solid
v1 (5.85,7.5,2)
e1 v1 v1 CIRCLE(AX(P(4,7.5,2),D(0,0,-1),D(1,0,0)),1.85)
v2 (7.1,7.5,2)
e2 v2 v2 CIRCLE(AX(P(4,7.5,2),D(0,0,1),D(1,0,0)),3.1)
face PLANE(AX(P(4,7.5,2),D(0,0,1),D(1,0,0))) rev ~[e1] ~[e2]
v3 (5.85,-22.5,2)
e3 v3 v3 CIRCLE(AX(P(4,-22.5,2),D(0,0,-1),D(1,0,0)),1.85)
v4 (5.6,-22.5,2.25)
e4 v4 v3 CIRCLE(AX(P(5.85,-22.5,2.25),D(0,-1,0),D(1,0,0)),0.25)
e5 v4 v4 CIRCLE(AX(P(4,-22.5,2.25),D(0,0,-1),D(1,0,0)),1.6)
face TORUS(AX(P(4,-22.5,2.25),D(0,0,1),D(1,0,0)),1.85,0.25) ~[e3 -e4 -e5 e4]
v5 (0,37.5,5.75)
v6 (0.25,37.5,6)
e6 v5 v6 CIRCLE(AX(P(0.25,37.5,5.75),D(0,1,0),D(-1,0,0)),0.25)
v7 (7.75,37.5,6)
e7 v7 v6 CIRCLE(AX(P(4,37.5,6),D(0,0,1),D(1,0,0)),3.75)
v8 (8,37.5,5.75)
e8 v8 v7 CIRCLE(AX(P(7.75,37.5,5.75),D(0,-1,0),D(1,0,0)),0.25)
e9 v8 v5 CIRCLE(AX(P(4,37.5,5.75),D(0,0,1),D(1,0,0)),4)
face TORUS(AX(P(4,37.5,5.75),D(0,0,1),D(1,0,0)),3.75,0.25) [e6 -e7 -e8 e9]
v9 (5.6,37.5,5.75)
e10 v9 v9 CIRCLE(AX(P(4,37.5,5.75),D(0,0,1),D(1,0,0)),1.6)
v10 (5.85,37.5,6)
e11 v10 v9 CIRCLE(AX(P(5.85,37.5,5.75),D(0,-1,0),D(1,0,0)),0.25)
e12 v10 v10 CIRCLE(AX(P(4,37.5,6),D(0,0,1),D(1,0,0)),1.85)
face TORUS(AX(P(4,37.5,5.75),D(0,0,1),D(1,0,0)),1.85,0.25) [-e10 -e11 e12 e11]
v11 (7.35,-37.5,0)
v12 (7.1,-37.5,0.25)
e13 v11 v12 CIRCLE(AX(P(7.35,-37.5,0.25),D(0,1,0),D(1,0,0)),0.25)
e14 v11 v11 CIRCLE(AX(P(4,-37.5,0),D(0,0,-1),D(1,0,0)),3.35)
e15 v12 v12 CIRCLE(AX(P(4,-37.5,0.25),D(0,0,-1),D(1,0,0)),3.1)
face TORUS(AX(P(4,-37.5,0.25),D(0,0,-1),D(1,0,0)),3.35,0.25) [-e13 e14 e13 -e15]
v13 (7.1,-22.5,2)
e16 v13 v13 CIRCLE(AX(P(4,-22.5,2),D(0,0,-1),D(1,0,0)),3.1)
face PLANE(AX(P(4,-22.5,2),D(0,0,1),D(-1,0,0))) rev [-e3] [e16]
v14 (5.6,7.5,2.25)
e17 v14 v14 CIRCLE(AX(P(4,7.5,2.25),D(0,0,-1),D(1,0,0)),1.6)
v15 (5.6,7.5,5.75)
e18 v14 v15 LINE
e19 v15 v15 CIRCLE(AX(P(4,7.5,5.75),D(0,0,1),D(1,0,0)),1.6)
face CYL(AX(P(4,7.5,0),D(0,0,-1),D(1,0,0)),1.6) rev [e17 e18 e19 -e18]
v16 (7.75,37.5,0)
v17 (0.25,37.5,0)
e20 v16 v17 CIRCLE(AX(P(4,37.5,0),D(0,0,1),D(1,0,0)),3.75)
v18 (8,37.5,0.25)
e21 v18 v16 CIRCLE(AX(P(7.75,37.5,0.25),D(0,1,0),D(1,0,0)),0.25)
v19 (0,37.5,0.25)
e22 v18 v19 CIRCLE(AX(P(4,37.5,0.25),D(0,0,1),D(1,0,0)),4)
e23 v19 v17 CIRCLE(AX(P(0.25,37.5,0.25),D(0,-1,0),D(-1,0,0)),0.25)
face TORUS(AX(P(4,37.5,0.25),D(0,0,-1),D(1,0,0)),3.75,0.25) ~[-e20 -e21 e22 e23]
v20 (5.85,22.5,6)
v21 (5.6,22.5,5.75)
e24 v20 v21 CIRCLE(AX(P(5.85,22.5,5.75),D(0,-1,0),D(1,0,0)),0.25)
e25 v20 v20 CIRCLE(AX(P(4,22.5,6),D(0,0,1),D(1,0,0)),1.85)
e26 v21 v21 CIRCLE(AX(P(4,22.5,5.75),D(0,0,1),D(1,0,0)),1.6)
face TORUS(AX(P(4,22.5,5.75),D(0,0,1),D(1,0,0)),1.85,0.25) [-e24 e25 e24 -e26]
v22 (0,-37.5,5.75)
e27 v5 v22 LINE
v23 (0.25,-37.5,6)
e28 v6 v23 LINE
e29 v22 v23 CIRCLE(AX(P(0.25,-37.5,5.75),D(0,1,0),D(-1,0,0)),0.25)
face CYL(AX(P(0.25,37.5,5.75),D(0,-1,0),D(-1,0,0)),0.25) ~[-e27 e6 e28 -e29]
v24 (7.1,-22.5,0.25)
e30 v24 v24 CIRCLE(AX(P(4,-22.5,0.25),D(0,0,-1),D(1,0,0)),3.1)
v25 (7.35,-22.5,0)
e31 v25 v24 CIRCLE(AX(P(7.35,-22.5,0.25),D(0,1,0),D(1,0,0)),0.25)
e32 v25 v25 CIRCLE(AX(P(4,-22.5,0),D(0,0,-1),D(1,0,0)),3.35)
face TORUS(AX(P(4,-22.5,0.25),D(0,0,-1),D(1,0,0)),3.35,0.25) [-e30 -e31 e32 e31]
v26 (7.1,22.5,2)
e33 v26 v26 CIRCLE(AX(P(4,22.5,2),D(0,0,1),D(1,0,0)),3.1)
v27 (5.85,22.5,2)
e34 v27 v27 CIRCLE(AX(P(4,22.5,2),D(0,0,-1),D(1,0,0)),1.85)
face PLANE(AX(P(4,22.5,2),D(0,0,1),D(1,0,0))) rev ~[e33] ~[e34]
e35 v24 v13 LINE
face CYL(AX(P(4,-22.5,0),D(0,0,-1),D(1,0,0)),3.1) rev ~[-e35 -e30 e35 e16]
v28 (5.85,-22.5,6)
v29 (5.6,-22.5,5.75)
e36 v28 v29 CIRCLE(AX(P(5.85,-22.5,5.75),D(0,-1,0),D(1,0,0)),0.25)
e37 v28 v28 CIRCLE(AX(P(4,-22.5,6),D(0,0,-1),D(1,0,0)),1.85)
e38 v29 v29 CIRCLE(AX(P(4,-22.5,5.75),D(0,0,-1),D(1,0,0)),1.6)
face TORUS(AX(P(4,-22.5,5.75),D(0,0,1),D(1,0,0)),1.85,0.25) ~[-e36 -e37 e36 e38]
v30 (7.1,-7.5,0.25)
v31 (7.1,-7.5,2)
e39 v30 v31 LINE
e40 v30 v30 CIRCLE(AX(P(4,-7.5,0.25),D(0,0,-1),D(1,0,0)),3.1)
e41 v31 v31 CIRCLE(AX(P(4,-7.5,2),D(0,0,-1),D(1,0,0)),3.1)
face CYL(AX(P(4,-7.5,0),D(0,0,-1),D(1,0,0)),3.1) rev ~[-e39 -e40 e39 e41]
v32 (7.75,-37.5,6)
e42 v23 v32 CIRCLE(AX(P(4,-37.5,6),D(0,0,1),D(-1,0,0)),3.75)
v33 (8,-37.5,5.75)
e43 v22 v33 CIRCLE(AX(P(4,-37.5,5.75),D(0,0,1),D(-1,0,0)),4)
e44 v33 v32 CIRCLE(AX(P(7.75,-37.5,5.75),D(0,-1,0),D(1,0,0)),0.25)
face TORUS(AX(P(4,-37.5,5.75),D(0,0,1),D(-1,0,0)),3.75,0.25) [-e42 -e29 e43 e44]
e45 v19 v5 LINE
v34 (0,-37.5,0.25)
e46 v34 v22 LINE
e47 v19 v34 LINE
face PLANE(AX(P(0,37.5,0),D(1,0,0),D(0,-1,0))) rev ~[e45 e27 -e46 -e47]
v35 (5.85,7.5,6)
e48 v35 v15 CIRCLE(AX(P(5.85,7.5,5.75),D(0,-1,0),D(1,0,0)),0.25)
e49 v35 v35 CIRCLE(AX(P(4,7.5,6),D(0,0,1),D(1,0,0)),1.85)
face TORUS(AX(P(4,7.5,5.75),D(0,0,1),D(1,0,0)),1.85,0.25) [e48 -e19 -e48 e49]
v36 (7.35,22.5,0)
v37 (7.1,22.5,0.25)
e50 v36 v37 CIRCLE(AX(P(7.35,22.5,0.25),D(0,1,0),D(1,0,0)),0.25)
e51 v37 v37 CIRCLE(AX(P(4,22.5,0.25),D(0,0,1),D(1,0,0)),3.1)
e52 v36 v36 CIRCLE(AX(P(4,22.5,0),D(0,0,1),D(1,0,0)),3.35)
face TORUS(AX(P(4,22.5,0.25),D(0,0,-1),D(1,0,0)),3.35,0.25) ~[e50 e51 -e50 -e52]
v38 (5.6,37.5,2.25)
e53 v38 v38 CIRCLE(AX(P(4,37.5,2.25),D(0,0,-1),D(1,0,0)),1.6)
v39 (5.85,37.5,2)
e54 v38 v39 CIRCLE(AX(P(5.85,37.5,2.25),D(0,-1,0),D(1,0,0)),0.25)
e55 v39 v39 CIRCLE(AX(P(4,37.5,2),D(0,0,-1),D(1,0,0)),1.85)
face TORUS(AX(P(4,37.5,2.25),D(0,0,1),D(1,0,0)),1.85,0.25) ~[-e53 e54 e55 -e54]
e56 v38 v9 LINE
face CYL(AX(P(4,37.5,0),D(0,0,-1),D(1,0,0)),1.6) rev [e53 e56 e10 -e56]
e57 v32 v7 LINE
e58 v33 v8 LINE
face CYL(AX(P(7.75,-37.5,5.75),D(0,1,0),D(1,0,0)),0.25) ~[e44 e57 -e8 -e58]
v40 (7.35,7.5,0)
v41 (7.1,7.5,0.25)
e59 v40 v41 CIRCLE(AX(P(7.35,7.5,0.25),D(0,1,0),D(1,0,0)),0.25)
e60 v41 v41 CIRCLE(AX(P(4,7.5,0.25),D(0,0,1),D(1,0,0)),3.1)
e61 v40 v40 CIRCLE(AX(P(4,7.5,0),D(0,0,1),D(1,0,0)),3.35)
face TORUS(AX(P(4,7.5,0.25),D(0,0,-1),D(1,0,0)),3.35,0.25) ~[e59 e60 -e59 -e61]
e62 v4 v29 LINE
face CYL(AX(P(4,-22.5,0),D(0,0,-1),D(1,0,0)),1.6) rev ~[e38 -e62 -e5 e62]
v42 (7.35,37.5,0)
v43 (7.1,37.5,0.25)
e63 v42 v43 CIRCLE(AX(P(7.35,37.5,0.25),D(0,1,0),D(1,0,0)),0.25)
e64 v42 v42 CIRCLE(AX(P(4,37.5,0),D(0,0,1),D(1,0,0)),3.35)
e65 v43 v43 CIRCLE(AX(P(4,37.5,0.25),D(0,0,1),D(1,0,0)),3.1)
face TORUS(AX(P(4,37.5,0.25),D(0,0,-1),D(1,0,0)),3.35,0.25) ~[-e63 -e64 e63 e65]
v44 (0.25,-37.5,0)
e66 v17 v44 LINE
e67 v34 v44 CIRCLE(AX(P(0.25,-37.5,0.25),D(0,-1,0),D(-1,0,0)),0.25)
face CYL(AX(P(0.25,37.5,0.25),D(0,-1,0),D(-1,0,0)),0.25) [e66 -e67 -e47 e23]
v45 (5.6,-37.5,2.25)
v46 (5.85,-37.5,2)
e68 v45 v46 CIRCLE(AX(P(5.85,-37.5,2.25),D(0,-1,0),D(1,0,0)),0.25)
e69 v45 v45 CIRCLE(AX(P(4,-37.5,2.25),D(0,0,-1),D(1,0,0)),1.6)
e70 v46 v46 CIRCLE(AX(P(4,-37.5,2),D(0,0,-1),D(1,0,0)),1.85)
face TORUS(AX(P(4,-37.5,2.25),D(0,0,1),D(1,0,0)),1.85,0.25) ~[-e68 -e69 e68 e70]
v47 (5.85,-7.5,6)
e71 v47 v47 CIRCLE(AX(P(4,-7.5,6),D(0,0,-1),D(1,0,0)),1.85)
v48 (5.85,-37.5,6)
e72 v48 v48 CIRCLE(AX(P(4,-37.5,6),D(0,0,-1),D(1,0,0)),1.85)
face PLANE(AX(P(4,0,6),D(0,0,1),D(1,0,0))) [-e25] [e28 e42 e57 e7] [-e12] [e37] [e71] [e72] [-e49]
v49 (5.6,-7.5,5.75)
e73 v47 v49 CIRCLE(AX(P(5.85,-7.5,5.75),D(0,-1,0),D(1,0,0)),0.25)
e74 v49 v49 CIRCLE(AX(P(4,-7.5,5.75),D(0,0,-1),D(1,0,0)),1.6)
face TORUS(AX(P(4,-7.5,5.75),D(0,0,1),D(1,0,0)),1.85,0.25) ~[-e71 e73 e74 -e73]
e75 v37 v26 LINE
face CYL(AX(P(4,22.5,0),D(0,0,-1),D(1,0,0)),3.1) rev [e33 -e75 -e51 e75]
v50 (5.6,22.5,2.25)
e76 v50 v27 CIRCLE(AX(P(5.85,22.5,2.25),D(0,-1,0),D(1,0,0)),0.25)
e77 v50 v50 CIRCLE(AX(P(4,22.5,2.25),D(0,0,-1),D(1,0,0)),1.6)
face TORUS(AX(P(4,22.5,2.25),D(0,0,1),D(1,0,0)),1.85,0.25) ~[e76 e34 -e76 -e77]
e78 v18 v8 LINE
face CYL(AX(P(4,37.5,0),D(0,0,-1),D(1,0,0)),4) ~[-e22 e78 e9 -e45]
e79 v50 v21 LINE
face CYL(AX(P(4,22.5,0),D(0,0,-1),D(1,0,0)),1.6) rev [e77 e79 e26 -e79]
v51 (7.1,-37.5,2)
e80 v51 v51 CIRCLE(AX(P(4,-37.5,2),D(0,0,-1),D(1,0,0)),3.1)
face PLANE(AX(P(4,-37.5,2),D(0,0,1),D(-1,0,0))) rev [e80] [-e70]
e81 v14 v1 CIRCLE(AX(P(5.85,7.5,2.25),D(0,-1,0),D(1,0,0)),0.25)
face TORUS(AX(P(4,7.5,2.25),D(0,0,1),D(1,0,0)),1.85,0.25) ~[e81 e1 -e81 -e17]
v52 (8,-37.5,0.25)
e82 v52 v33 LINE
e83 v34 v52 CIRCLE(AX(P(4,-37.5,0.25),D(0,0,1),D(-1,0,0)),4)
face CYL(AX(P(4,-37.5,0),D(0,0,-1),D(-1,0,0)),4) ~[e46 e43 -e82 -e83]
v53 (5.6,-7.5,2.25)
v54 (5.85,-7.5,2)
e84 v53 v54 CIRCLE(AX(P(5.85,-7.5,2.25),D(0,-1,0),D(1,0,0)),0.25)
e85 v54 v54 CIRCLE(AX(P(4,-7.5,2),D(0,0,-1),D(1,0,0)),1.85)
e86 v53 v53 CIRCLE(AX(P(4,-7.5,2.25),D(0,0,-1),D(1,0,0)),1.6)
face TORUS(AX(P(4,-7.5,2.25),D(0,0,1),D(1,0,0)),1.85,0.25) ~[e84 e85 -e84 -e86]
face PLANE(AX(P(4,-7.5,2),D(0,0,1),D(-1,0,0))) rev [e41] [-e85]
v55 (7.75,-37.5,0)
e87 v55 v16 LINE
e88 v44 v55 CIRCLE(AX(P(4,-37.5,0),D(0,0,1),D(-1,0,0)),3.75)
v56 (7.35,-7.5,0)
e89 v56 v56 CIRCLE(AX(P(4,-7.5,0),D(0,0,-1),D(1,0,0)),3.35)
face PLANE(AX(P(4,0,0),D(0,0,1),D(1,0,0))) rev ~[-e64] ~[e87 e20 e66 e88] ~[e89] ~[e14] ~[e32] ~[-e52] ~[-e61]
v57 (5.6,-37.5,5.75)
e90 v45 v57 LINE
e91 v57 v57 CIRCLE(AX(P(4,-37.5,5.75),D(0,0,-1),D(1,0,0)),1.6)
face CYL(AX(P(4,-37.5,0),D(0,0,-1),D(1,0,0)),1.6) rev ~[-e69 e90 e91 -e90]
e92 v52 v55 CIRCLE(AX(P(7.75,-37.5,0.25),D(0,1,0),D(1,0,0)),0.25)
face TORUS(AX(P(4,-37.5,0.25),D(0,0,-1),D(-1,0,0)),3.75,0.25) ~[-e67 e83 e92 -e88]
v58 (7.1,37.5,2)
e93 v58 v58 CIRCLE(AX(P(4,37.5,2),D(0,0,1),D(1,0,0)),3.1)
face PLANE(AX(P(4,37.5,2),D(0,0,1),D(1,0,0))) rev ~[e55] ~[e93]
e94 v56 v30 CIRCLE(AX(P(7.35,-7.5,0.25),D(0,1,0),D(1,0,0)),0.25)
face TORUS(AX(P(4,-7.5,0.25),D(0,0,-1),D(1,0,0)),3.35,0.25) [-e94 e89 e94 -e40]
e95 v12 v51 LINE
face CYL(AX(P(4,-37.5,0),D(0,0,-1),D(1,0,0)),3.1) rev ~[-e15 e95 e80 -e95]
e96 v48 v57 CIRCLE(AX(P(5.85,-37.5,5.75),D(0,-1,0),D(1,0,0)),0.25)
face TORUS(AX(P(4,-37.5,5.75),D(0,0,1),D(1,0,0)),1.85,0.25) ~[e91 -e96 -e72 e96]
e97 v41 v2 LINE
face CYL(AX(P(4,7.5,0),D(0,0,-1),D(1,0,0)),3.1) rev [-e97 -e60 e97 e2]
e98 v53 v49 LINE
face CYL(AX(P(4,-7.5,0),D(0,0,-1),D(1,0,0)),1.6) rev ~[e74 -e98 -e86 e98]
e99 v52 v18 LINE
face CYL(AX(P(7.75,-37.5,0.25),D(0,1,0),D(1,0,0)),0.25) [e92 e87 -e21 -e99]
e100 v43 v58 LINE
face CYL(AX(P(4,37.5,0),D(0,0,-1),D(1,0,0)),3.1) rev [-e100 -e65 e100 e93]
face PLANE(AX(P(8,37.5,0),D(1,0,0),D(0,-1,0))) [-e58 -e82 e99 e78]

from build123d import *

# Parameters (mm, degrees)
PAD_DEPTH                          = 6
SKETCH001_R                        = 1.6
POCKET_DEPTH                       = 6
SKETCH002_R                        = 3.1
POCKET001_DEPTH                    = 2
SKETCH001_LINEARPATTERN_2_R        = 1.6
POCKET_LINEARPATTERN_2_DEPTH       = 6
SKETCH001_LINEARPATTERN_3_R        = 1.6
POCKET_LINEARPATTERN_3_DEPTH       = 6
SKETCH002_LINEARPATTERN001_2_R     = 3.1
POCKET001_LINEARPATTERN001_2_DEPTH = 2
SKETCH002_LINEARPATTERN001_3_R     = 3.1
POCKET001_LINEARPATTERN001_3_DEPTH = 2
FILLET_R                           = 0.25


with BuildPart() as part:
    # Sketch → Pad (new body)
    with BuildSketch(Plane.XY):
        with BuildLine():
            Line((0, 37.5), (0, -37.5))
            ThreePointArc((0, -37.5), (4, -41.5), (8, -37.5))
            Line((8, 37.5), (8, -37.5))
            ThreePointArc((8, 37.5), (4, 41.5), (0, 37.5))
        make_face()
    extrude(amount=PAD_DEPTH)

    # Sketch001 → Pocket (cut)
    with BuildSketch(Plane.XY):
        with Locations((4, 7.5)):
            Circle(SKETCH001_R)
    pocket = extrude(amount=POCKET_DEPTH, mode=Mode.SUBTRACT)

    # Sketch002 → Pocket001 (cut)
    with BuildSketch(Plane.XY):
        with Locations((4, 7.5)):
            Circle(SKETCH002_R)
    pocket001 = extrude(amount=POCKET001_DEPTH, mode=Mode.SUBTRACT)

    # Sketch001 LinearPattern 2 → Pocket LinearPattern 2 (cut)
    with BuildSketch(Plane(origin=(0, 15, 0), x_dir=(1, 0, 0), z_dir=(0, 0, 1))):
        with Locations((4, 7.5)):
            Circle(SKETCH001_LINEARPATTERN_2_R)
    pocket_linearpattern_2 = extrude(amount=POCKET_LINEARPATTERN_2_DEPTH, mode=Mode.SUBTRACT)

    # Sketch001 LinearPattern 3 → Pocket LinearPattern 3 (cut)
    with BuildSketch(Plane(origin=(0, 30, 0), x_dir=(1, 0, 0), z_dir=(0, 0, 1))):
        with Locations((4, 7.5)):
            Circle(SKETCH001_LINEARPATTERN_3_R)
    pocket_linearpattern_3 = extrude(amount=POCKET_LINEARPATTERN_3_DEPTH, mode=Mode.SUBTRACT)

    # Mirrored: Pocket, Pocket LinearPattern 2, Pocket LinearPattern 3 across XZ
    add(pocket.mirror(Plane.XZ), mode=Mode.SUBTRACT)
    add(pocket_linearpattern_2.mirror(Plane.XZ), mode=Mode.SUBTRACT)
    add(pocket_linearpattern_3.mirror(Plane.XZ), mode=Mode.SUBTRACT)

    # Sketch002 LinearPattern001 2 → Pocket001 LinearPattern001 2 (cut)
    with BuildSketch(Plane(origin=(0, 15, 0), x_dir=(1, 0, 0), z_dir=(0, 0, 1))):
        with Locations((4, 7.5)):
            Circle(SKETCH002_LINEARPATTERN001_2_R)
    pocket001_linearpattern001_2 = extrude(amount=POCKET001_LINEARPATTERN001_2_DEPTH, mode=Mode.SUBTRACT)

    # Sketch002 LinearPattern001 3 → Pocket001 LinearPattern001 3 (cut)
    with BuildSketch(Plane(origin=(0, 30, 0), x_dir=(1, 0, 0), z_dir=(0, 0, 1))):
        with Locations((4, 7.5)):
            Circle(SKETCH002_LINEARPATTERN001_3_R)
    pocket001_linearpattern001_3 = extrude(amount=POCKET001_LINEARPATTERN001_3_DEPTH, mode=Mode.SUBTRACT)

    # Mirrored001: Pocket001, Pocket001 LinearPattern001 2, Pocket001 LinearPattern001 3 across XZ
    add(pocket001.mirror(Plane.XZ), mode=Mode.SUBTRACT)
    add(pocket001_linearpattern001_2.mirror(Plane.XZ), mode=Mode.SUBTRACT)
    add(pocket001_linearpattern001_3.mirror(Plane.XZ), mode=Mode.SUBTRACT)

    # Fillet
    fillet_edges = [part.edges().sort_by_distance(p)[0] for p in [
        (4, -41.5, 0),
        (8, 0, 0),
        (0, 0, 0),
        (4, 41.5, 0),
        (4, 41.5, 6),
        (8, 0, 6),
        (4, -41.5, 6),
        (0, 0, 6),
        (2.4, -37.5, 6),
        (2.4, -22.5, 6),
        (2.4, -7.5, 6),
        (2.4, 7.5, 6),
        (2.4, 37.5, 6),
        (2.4, 22.5, 6),
        (0.9, 37.5, 0),
        (2.4, 37.5, 2),
        (0.9, 22.5, 0),
        (2.4, 22.5, 2),
        (0.9, 7.5, 0),
        (2.4, 7.5, 2),
        (0.9, -7.5, 0),
        (2.4, -7.5, 2),
        (0.9, -22.5, 0),
        (2.4, -22.5, 2),
        (0.9, -37.5, 0),
        (2.4, -37.5, 2),
    ]]
    fillet(fillet_edges, radius=FILLET_R)


solid = part.part
